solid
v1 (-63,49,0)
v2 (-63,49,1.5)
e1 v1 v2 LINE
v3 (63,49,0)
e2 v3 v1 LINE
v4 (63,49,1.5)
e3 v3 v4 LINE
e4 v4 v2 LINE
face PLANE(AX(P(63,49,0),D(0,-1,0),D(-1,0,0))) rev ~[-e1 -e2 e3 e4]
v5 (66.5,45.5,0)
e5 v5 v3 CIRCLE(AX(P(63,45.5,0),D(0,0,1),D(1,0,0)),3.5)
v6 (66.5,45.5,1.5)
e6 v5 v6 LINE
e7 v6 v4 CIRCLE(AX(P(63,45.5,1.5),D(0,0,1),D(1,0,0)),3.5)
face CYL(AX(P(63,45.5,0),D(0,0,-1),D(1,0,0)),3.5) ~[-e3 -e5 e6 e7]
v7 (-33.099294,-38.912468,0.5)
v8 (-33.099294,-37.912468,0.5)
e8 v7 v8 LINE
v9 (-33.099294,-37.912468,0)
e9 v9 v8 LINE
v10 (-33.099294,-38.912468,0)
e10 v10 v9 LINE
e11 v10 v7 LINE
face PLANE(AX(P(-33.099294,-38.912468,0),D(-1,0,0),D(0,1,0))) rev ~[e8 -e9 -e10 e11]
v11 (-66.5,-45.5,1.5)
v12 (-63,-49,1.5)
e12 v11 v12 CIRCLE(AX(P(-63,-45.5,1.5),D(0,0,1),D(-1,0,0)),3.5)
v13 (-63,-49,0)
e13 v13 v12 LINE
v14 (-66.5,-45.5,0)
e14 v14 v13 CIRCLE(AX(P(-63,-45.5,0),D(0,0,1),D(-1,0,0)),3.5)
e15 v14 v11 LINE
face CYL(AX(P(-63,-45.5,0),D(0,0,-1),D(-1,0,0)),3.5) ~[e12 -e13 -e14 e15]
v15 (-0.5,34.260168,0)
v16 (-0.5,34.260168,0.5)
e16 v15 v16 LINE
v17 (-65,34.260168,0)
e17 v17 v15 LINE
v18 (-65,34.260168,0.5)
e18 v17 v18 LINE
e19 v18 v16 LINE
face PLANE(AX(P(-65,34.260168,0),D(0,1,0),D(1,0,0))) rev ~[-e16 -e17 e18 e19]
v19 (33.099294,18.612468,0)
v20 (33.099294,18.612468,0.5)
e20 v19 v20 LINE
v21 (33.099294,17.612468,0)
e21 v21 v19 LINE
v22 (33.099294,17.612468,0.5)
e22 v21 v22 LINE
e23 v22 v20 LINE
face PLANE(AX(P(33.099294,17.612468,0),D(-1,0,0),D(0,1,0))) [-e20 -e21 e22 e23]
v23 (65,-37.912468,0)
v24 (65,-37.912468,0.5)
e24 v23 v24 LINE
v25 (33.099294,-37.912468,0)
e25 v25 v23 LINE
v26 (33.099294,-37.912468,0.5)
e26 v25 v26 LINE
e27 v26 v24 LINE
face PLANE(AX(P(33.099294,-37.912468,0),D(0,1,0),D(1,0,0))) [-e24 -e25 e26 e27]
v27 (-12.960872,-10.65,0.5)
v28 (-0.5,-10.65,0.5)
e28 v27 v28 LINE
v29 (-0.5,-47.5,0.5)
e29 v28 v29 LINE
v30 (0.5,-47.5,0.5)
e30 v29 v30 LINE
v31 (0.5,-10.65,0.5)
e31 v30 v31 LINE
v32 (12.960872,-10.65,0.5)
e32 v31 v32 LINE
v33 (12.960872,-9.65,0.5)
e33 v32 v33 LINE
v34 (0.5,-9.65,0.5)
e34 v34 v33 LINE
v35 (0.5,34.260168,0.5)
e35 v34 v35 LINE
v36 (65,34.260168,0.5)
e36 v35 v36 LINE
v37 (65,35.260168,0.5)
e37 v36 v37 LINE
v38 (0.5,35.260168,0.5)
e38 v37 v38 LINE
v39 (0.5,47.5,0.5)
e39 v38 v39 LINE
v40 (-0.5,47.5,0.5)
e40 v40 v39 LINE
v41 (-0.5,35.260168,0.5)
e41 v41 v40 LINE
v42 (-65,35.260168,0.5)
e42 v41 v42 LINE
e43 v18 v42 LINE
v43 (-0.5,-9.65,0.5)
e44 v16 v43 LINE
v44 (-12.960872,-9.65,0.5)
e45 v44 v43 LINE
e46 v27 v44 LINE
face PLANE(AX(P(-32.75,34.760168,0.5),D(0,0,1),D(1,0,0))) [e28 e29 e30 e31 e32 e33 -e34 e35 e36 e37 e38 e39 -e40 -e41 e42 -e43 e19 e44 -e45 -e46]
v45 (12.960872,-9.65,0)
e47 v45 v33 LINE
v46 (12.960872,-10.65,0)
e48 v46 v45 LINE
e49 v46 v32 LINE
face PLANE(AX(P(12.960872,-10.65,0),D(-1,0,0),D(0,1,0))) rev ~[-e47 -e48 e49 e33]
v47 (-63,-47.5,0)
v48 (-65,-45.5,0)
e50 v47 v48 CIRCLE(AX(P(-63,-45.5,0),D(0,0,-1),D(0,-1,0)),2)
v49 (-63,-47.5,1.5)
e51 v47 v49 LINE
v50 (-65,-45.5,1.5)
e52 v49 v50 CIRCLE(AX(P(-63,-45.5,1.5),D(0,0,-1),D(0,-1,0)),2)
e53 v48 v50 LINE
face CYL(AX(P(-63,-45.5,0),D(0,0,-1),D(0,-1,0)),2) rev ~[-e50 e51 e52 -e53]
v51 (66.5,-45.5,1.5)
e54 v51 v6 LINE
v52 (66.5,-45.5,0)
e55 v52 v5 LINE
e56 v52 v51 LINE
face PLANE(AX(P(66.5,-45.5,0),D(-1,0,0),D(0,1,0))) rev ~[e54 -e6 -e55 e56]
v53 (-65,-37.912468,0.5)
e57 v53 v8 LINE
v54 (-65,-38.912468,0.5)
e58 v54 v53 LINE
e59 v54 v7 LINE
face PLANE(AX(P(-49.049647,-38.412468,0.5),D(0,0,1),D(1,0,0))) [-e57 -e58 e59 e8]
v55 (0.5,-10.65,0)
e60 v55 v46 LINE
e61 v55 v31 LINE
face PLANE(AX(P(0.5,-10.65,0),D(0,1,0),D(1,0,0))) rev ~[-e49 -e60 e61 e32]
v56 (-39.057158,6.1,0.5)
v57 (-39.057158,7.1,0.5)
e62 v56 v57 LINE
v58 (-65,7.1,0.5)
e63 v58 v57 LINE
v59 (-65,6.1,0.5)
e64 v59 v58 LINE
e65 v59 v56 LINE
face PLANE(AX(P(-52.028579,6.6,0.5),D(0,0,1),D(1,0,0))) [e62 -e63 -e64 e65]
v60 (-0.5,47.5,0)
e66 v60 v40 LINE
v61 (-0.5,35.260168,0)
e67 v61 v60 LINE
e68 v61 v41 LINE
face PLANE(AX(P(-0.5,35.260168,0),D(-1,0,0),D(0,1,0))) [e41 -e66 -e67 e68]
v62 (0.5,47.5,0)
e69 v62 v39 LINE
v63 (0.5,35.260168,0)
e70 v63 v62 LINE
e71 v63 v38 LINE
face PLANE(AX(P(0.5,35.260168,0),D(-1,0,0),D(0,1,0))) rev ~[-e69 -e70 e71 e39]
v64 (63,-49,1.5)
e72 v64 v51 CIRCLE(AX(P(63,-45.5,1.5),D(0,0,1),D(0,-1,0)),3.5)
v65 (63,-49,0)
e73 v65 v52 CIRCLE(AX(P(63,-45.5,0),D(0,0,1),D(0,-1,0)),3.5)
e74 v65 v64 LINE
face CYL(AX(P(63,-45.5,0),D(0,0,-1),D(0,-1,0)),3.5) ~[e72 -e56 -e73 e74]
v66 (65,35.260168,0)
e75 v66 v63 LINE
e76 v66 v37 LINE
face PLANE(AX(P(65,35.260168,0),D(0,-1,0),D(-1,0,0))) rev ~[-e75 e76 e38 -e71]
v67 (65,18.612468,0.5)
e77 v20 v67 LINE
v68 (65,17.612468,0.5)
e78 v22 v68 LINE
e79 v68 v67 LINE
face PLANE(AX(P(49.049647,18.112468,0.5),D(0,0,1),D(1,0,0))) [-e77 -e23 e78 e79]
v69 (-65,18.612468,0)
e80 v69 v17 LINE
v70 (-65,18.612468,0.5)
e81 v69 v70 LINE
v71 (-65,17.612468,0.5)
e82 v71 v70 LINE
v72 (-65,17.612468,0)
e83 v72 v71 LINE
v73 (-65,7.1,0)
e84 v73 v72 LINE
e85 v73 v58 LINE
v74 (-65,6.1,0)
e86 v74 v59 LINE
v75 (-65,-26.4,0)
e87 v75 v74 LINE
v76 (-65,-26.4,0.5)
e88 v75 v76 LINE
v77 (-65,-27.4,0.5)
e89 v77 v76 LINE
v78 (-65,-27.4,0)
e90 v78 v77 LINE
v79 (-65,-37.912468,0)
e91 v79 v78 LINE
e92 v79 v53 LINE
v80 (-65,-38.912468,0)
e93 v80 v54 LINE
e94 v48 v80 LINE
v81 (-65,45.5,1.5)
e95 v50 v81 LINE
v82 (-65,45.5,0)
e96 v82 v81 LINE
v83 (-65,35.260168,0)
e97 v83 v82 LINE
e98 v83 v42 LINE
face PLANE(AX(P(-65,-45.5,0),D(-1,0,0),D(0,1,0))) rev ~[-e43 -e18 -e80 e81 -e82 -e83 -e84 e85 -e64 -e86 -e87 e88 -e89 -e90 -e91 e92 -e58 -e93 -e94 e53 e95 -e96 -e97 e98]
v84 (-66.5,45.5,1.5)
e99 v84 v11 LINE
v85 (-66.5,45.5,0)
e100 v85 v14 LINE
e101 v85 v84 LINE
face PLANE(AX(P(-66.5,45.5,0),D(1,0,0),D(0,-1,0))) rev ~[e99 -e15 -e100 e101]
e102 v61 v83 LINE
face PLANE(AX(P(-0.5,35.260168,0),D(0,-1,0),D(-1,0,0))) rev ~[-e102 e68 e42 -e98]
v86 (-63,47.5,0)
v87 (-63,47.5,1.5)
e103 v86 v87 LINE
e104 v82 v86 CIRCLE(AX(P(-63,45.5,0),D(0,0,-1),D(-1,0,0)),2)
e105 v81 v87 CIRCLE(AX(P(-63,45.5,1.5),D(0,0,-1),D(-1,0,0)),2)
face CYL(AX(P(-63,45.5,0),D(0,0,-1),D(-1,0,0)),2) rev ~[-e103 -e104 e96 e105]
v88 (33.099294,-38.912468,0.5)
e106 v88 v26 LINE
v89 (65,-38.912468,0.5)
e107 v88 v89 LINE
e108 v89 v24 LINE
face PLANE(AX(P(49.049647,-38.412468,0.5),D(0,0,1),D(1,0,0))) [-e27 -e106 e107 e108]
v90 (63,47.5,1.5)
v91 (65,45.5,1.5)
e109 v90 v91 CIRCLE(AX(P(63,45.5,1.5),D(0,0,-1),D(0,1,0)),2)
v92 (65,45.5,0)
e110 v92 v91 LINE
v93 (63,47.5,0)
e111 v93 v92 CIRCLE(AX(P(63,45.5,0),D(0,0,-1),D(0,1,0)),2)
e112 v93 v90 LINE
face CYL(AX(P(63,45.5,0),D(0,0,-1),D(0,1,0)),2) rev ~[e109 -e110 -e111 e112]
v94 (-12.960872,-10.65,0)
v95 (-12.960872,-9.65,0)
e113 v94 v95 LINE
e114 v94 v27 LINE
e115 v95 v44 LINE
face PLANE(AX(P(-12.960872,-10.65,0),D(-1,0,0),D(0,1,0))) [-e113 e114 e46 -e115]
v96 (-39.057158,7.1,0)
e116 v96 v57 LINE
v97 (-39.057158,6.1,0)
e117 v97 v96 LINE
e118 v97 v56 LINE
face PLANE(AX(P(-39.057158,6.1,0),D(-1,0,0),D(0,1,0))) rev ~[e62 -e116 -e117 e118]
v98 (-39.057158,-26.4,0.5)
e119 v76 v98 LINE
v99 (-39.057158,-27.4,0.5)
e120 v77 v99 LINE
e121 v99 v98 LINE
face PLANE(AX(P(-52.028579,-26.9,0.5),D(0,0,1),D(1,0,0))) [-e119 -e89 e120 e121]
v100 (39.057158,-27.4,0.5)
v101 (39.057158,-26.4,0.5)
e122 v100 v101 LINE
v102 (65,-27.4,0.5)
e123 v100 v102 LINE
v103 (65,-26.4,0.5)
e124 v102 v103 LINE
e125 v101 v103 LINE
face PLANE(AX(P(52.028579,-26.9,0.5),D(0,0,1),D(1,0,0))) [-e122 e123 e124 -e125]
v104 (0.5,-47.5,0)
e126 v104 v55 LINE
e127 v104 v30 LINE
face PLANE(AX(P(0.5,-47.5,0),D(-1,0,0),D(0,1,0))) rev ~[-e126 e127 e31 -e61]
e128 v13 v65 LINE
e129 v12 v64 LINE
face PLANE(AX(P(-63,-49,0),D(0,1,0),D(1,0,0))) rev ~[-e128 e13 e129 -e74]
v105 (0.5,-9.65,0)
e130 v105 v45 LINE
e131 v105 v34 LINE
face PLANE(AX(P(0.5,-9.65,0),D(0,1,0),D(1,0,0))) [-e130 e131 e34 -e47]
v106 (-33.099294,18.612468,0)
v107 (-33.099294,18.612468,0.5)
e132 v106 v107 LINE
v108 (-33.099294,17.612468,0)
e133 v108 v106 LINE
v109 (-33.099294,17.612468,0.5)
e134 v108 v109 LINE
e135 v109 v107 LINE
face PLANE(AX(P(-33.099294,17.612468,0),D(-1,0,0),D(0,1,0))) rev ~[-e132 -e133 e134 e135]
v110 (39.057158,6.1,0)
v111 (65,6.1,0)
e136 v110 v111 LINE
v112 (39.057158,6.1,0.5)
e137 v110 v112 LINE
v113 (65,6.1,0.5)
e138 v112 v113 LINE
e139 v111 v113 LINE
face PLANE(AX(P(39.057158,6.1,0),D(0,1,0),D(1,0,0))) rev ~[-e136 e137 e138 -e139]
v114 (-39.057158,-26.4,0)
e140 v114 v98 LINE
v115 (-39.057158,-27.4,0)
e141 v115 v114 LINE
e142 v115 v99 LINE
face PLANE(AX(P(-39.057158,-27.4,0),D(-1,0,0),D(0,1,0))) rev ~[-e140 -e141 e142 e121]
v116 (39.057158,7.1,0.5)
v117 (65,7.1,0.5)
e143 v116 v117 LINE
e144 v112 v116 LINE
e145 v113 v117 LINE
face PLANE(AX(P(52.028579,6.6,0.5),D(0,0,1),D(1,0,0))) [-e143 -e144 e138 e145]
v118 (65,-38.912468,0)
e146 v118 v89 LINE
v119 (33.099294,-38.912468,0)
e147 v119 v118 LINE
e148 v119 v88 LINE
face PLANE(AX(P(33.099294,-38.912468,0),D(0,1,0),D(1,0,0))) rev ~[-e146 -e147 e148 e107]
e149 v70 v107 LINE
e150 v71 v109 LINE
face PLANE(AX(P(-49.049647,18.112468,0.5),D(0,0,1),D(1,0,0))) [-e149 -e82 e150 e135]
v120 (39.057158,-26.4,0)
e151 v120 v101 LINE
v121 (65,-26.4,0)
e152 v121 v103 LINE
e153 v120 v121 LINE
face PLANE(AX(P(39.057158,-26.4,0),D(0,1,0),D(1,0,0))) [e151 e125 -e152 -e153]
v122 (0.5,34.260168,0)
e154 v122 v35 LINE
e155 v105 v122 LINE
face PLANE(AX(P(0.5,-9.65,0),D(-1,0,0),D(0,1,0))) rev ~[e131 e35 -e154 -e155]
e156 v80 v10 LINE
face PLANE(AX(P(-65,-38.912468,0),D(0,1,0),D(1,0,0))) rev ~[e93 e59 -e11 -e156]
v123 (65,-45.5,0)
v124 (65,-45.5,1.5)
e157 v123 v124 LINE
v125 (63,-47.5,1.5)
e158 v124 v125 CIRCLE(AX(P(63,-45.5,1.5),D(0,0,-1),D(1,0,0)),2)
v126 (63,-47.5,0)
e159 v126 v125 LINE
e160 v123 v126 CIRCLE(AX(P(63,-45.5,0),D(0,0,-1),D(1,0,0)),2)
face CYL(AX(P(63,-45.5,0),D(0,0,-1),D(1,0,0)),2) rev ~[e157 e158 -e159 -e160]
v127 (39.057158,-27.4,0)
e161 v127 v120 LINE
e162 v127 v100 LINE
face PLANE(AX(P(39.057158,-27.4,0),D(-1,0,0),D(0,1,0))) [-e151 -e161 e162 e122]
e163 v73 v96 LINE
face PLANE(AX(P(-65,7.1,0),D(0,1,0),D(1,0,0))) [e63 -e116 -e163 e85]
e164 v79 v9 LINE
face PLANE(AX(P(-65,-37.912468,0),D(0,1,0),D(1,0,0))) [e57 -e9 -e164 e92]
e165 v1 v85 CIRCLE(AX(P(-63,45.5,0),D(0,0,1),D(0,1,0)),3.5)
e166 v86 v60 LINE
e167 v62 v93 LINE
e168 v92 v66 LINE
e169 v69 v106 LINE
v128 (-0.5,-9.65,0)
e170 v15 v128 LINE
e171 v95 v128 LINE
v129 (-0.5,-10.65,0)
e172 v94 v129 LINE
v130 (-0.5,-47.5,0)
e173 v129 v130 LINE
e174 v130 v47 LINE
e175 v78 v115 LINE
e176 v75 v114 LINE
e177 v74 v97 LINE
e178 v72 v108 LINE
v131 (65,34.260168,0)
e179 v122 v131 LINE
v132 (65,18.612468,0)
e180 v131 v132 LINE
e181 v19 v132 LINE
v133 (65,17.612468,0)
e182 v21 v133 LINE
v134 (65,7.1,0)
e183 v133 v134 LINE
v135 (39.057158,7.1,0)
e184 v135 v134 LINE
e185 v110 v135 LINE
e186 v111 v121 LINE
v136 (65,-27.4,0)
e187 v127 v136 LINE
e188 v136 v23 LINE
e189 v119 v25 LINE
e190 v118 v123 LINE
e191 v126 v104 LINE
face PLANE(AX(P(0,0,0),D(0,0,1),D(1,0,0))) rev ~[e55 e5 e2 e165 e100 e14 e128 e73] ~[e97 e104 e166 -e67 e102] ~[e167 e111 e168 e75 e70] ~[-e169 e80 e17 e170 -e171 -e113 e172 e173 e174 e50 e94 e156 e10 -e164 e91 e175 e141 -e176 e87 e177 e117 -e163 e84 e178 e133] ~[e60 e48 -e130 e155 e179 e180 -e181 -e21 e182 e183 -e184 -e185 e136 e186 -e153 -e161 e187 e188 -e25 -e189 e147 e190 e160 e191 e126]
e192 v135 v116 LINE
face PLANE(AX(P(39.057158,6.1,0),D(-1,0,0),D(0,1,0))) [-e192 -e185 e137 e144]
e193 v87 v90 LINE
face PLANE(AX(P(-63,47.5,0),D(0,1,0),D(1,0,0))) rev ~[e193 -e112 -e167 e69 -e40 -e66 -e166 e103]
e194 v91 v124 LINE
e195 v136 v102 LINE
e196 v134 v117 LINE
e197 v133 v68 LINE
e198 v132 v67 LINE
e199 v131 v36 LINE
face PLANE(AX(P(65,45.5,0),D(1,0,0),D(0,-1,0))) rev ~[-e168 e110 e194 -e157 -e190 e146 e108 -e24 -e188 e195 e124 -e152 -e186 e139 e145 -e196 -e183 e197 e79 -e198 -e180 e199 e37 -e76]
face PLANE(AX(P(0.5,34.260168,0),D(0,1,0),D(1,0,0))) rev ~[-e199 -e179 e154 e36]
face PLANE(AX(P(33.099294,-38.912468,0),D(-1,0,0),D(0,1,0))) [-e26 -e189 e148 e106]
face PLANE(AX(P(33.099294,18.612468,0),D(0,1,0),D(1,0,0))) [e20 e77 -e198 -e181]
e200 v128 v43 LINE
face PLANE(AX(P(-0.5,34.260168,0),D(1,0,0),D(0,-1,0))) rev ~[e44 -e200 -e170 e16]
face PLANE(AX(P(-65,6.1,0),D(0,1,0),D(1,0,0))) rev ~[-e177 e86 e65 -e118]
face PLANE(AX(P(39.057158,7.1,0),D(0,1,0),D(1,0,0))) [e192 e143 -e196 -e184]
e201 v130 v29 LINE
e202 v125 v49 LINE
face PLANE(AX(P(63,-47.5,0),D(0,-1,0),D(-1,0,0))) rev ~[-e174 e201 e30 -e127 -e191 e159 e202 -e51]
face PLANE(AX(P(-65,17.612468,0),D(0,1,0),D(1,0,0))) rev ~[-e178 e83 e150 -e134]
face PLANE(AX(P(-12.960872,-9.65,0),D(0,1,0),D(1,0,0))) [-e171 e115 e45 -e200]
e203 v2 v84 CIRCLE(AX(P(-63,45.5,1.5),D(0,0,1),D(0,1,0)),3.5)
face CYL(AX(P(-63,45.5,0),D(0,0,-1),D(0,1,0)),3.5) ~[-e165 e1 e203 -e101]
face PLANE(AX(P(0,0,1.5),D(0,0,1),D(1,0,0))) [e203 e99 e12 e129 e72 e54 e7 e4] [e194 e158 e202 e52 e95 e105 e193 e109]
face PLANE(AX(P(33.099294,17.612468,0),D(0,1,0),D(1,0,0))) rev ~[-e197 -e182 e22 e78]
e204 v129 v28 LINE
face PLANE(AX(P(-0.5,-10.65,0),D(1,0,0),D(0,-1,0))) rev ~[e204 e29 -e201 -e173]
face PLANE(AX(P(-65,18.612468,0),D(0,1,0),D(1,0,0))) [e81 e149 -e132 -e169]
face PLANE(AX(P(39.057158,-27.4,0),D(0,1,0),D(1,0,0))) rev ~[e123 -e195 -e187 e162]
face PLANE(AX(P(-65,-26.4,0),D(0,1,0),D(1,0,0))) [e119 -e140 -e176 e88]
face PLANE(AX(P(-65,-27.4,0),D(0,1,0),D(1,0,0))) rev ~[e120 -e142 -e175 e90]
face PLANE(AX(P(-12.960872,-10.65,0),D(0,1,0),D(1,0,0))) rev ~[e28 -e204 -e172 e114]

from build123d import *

# Parameters (mm, degrees)
F1_DEPTH = 1.5
F0_W     = 64.5
F0_H     = 1
F0_W_2   = 1
F0_W_3   = 31.9007062912
F0_H_2   = 12.2398320138
F0_W_4   = 25.9428420663
F0_W_5   = 12.4608716816
F2_DEPTH = 0.5


with BuildPart() as f1:
    # F0 (on Top) → F1 (new body)
    with BuildSketch(Plane.XY):
        with BuildLine():
            Line((-63, -49), (63, -49))
            ThreePointArc((63, -49), (65.4748737342, -47.9748737342), (66.5, -45.5))
            Line((66.5, -45.5), (66.5, 45.5))
            ThreePointArc((66.5, 45.5), (65.4748737342, 47.9748737342), (63, 49))
            Line((63, 49), (-63, 49))
            ThreePointArc((-63, 49), (-65.4748737342, 47.9748737342), (-66.5, 45.5))
            Line((-66.5, 45.5), (-66.5, -45.5))
            ThreePointArc((-66.5, -45.5), (-65.4748737342, -47.9748737342), (-63, -49))
        make_face()
        with BuildLine():
            Line((0.5, 47.5), (63, 47.5))
            ThreePointArc((63, 47.5), (64.4142135624, 46.9142135624), (65, 45.5))
            Line((65, 45.5), (65, 35.2601679862))
            Line((65, 35.2601679862), (65, 34.2601679862))
            Line((65, 34.2601679862), (65, 18.6124684513))
            Line((65, 18.6124684513), (65, 17.6124684513))
            Line((65, 17.6124684513), (65, 7.1))
            Line((65, 7.1), (65, 6.1))
            Line((65, 6.1), (65, -26.4))
            Line((65, -26.4), (65, -27.4))
            Line((65, -27.4), (65, -37.9124684513))
            Line((65, -37.9124684513), (65, -38.9124684513))
            Line((65, -38.9124684513), (65, -45.5))
            ThreePointArc((65, -45.5), (64.4142135624, -46.9142135624), (63, -47.5))
            Line((63, -47.5), (0.5, -47.5))
            Line((0.5, -47.5), (-0.5, -47.5))
            Line((-0.5, -47.5), (-63, -47.5))
            ThreePointArc((-63, -47.5), (-64.4142135624, -46.9142135624), (-65, -45.5))
            Line((-65, -45.5), (-65, -38.9124684513))
            Line((-65, -38.9124684513), (-65, -37.9124684513))
            Line((-65, -37.9124684513), (-65, -27.4))
            Line((-65, -27.4), (-65, -26.4))
            Line((-65, -26.4), (-65, 6.1))
            Line((-65, 6.1), (-65, 7.1))
            Line((-65, 7.1), (-65, 17.6124684513))
            Line((-65, 17.6124684513), (-65, 18.6124684513))
            Line((-65, 18.6124684513), (-65, 34.2601679862))
            Line((-65, 34.2601679862), (-65, 35.2601679862))
            Line((-65, 35.2601679862), (-65, 45.5))
            ThreePointArc((-65, 45.5), (-64.4142135624, 46.9142135624), (-63, 47.5))
            Line((-63, 47.5), (-0.5, 47.5))
            Line((-0.5, 47.5), (0.5, 47.5))
        make_face(mode=Mode.SUBTRACT)
    extrude(amount=F1_DEPTH)

    # F0 (on Top) → F2 (join)
    with BuildSketch(Plane.XY):
        with Locations((-32.75, 34.7601679862)):
            Rectangle(F0_W, F0_H)
        with Locations((0, 34.7601679862)):
            Rectangle(F0_W_2, F0_H)
        with Locations((32.75, 34.7601679862)):
            Rectangle(F0_W, F0_H)
        with Locations((49.0496468544, 18.1124684513)):
            Rectangle(F0_W_3, F0_H)
        Polygon((0.5, -9.65), (0.5, 34.2601679862), (-0.5, 34.2601679862), (-0.5, -9.65), (-0.5, -10.65), (-0.5, -47.5), (0.5, -47.5), (0.5, -10.65), align=None)
        with Locations((0, 41.3800839931)):
            Rectangle(F0_W_2, F0_H_2)
        with Locations((-49.0496468544, 18.1124684513)):
            Rectangle(F0_W_3, F0_H)
        with Locations((52.0285789669, 6.6)):
            Rectangle(F0_W_4, F0_H)
        with Locations((52.0285789669, -26.9)):
            Rectangle(F0_W_4, F0_H)
        with Locations((6.7304358408, -10.15)):
            Rectangle(F0_W_5, F0_H)
        with Locations((-52.0285789669, 6.6)):
            Rectangle(F0_W_4, F0_H)
        with Locations((-6.7304358408, -10.15)):
            Rectangle(F0_W_5, F0_H)
        with Locations((-52.0285789669, -26.9)):
            Rectangle(F0_W_4, F0_H)
        with Locations((-49.0496468544, -38.4124684513)):
            Rectangle(F0_W_3, F0_H)
        with Locations((49.0496468544, -38.4124684513)):
            Rectangle(F0_W_3, F0_H)
    extrude(amount=F2_DEPTH)


solid = f1.part
